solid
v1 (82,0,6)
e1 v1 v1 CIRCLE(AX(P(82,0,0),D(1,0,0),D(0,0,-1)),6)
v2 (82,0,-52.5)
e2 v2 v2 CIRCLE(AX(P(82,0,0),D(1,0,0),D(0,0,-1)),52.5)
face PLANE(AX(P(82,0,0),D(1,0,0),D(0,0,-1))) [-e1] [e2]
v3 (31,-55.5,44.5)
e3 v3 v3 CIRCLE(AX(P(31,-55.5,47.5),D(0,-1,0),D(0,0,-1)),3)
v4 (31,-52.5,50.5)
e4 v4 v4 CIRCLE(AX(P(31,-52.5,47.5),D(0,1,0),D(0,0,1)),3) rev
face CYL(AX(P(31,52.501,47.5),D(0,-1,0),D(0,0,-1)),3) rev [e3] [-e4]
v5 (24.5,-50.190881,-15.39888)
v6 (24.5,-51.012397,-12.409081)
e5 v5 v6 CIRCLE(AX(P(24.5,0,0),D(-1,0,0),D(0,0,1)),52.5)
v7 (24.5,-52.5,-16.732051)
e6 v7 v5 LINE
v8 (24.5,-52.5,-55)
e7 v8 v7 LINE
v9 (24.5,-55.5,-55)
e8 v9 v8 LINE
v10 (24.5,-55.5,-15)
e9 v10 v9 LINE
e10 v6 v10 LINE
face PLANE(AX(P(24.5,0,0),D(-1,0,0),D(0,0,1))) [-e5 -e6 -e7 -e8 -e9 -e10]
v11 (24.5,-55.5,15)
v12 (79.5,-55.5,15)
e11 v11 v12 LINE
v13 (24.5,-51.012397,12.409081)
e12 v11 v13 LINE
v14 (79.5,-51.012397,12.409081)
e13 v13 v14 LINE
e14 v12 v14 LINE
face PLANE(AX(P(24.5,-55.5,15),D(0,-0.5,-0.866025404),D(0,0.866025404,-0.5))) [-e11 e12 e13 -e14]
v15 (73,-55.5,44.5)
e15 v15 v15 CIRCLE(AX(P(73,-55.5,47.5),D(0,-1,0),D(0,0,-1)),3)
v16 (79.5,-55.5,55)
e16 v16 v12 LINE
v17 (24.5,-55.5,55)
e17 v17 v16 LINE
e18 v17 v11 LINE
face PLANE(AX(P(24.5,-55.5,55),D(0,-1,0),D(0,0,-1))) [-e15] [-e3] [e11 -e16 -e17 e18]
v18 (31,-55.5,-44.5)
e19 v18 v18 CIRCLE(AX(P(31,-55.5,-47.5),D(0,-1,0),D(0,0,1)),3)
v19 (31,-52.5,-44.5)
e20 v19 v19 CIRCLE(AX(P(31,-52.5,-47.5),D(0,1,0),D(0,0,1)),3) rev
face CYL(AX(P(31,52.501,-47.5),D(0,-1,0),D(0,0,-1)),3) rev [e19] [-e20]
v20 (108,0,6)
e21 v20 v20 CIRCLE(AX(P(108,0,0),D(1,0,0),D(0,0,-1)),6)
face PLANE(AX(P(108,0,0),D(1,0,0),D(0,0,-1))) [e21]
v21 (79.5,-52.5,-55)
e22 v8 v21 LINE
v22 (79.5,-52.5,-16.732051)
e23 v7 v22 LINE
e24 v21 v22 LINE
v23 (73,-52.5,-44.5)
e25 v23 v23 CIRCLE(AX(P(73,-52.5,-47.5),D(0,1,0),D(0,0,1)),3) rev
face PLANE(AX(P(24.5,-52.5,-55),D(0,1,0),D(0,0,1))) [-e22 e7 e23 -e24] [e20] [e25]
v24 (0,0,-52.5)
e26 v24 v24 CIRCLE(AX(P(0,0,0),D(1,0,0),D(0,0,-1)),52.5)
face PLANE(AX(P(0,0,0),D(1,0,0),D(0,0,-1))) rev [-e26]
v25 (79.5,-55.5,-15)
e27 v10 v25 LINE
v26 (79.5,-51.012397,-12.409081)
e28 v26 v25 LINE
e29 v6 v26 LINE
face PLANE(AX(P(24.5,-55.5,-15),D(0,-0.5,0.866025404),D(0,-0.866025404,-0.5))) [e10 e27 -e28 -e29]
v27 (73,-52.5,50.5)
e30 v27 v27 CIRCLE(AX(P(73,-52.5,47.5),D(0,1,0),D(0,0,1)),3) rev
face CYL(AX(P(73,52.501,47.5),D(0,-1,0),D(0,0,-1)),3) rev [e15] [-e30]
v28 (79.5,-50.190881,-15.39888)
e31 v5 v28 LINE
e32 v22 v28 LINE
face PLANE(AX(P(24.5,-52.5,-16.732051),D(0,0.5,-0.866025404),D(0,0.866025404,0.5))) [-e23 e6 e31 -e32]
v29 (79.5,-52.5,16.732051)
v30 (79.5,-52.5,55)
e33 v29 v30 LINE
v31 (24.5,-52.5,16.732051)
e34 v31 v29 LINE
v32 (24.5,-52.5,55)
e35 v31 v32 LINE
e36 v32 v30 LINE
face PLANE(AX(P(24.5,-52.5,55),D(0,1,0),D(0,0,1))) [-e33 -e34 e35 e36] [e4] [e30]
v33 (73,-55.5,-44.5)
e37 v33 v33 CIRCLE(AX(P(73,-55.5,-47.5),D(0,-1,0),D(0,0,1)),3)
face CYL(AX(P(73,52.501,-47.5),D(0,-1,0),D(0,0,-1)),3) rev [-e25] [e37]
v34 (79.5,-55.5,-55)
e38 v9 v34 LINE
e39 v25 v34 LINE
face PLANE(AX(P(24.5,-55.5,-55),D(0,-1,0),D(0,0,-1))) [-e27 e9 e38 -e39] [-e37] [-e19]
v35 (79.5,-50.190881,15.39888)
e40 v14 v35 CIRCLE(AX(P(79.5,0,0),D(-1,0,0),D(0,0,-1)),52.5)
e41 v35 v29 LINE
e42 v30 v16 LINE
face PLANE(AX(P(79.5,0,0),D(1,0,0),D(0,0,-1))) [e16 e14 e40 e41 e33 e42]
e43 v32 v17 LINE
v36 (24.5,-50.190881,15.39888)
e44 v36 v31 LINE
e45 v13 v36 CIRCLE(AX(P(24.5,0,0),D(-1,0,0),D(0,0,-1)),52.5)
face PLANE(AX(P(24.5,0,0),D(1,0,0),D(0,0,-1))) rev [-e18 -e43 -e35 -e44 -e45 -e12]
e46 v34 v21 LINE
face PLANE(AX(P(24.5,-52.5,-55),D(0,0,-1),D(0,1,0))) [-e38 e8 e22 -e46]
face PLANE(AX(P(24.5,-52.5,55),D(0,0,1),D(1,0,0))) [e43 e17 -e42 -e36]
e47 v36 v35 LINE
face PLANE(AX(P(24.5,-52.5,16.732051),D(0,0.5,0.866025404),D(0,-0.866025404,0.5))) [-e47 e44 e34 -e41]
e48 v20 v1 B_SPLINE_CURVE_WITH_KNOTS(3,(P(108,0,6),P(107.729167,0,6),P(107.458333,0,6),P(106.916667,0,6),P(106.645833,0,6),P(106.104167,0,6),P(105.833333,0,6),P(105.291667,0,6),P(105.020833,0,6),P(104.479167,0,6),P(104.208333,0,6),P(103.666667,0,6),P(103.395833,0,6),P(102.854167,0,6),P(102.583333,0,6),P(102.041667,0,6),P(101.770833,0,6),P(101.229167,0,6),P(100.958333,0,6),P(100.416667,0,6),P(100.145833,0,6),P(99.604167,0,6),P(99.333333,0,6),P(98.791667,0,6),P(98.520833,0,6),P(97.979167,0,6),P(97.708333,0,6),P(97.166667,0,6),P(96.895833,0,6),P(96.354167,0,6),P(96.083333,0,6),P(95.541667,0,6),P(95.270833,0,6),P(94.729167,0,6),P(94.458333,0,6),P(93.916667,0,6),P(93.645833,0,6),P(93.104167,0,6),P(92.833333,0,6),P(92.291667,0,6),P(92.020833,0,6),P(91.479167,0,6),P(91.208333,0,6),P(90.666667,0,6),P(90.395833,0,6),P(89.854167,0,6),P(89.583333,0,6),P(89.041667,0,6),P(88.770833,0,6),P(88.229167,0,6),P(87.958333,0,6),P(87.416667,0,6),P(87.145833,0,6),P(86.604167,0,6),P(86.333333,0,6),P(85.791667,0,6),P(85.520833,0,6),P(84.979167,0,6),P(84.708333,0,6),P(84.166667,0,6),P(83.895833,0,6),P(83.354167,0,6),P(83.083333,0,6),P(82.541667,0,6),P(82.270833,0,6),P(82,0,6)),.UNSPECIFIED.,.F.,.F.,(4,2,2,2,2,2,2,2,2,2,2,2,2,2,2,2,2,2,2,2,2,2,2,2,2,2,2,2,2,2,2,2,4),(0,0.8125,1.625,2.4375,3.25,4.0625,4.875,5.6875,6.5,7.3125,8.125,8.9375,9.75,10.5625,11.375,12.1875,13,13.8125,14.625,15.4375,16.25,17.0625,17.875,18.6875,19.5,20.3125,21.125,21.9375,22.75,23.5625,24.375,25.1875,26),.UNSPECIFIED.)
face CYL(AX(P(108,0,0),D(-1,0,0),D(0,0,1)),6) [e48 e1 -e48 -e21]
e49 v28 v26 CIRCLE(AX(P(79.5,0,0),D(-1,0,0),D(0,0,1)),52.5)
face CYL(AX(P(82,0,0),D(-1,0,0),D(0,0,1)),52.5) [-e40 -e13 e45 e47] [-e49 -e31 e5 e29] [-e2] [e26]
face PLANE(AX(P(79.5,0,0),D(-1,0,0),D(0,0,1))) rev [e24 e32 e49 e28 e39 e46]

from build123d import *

# Parameters (mm, degrees)
SKETCH1_R           = 52.5
BOSS_EXTRUDE1_DEPTH = 82
SKETCH2_R           = 6
BOSS_EXTRUDE2_DEPTH = 26
BOSS_EXTRUDE3_START = -55
BOSS_EXTRUDE3_DEPTH = 55
CUT_EXTRUDE1_REACH  = 164.336
SKETCH4_R           = 3


with BuildPart() as part:
    # Sketch1 → Boss-Extrude1 (new body)
    with BuildSketch(Plane(origin=(0, 0, 0), x_dir=(0, 0, -1), z_dir=(1, 0, 0))):
        Circle(SKETCH1_R)
    extrude(amount=BOSS_EXTRUDE1_DEPTH)

    # Sketch2 → Boss-Extrude2 (add)
    with BuildSketch(Plane(origin=(82, 0, 0), x_dir=(0, 0, -1), z_dir=(1, 0, 0))):
        with Locations(Location((0, 0, 0), (0, 0, 180))):
            Circle(SKETCH2_R)
    extrude(amount=BOSS_EXTRUDE2_DEPTH)

    # Sketch3 → Boss-Extrude3 (add)
    with BuildSketch(Plane(origin=(79.5, 0, 0), x_dir=(0, 0, -1), z_dir=(1, 0, 0)).offset(BOSS_EXTRUDE3_START)):
        with BuildLine():
            Line((-55, -52.5), (-16.732050808, -52.5))
            Line((-16.732050808, -52.5), (-15.398880082, -50.190880568))
            ThreePointArc((-15.398880082, -50.190880568), (-13.910046874, -50.623715746), (-12.409081478, -51.012397482))
            Line((-12.409081478, -51.012397482), (-15, -55.5))
            Line((-15, -55.5), (-55, -55.5))
            Line((-55, -55.5), (-55, -52.5))
        make_face()
        with BuildLine():
            Line((16.732050808, -52.5), (15.398880082, -50.190880568))
            ThreePointArc((15.398880082, -50.190880568), (13.910046874, -50.623715746), (12.409081478, -51.012397482))
            Line((12.409081478, -51.012397482), (15, -55.5))
            Line((15, -55.5), (55, -55.5))
            Line((55, -55.5), (55, -52.5))
            Line((55, -52.5), (16.732050808, -52.5))
        make_face()
    extrude(amount=BOSS_EXTRUDE3_DEPTH)

    # Sketch4 → Cut-Extrude1 (cut, up to next)
    with BuildSketch(Plane.XZ.offset(55.5), mode=Mode.PRIVATE) as cut_extrude1_sk1:
        with Locations(Location((73, 47.5, 0), (0, 0, 270))):
            Circle(SKETCH4_R)
    cut_extrude1_tool1 = extrude(cut_extrude1_sk1.sketch, amount=-CUT_EXTRUDE1_REACH, mode=Mode.PRIVATE) & part.part
    # Sketch4 → Cut-Extrude1 (cut, up to next)
    with BuildSketch(Plane.XZ.offset(55.5), mode=Mode.PRIVATE) as cut_extrude1_sk2:
        with Locations(Location((73, -47.5, 0), (0, 0, 90))):
            Circle(SKETCH4_R)
    cut_extrude1_tool2 = extrude(cut_extrude1_sk2.sketch, amount=-CUT_EXTRUDE1_REACH, mode=Mode.PRIVATE) & part.part
    # Sketch4 → Cut-Extrude1 (cut, up to next)
    with BuildSketch(Plane.XZ.offset(55.5), mode=Mode.PRIVATE) as cut_extrude1_sk3:
        with Locations(Location((31, -47.5, 0), (0, 0, 90))):
            Circle(SKETCH4_R)
    cut_extrude1_tool3 = extrude(cut_extrude1_sk3.sketch, amount=-CUT_EXTRUDE1_REACH, mode=Mode.PRIVATE) & part.part
    # Sketch4 → Cut-Extrude1 (cut, up to next)
    with BuildSketch(Plane.XZ.offset(55.5), mode=Mode.PRIVATE) as cut_extrude1_sk4:
        with Locations(Location((31, 47.5, 0), (0, 0, 270))):
            Circle(SKETCH4_R)
    cut_extrude1_tool4 = extrude(cut_extrude1_sk4.sketch, amount=-CUT_EXTRUDE1_REACH, mode=Mode.PRIVATE) & part.part
    add(cut_extrude1_tool1.solids().sort_by_distance((73, -55.5, 47.5))[0], mode=Mode.SUBTRACT)
    add(cut_extrude1_tool2.solids().sort_by_distance((73, -55.5, -47.5))[0], mode=Mode.SUBTRACT)
    add(cut_extrude1_tool3.solids().sort_by_distance((31, -55.5, -47.5))[0], mode=Mode.SUBTRACT)
    add(cut_extrude1_tool4.solids().sort_by_distance((31, -55.5, 47.5))[0], mode=Mode.SUBTRACT)


solid = part.part
